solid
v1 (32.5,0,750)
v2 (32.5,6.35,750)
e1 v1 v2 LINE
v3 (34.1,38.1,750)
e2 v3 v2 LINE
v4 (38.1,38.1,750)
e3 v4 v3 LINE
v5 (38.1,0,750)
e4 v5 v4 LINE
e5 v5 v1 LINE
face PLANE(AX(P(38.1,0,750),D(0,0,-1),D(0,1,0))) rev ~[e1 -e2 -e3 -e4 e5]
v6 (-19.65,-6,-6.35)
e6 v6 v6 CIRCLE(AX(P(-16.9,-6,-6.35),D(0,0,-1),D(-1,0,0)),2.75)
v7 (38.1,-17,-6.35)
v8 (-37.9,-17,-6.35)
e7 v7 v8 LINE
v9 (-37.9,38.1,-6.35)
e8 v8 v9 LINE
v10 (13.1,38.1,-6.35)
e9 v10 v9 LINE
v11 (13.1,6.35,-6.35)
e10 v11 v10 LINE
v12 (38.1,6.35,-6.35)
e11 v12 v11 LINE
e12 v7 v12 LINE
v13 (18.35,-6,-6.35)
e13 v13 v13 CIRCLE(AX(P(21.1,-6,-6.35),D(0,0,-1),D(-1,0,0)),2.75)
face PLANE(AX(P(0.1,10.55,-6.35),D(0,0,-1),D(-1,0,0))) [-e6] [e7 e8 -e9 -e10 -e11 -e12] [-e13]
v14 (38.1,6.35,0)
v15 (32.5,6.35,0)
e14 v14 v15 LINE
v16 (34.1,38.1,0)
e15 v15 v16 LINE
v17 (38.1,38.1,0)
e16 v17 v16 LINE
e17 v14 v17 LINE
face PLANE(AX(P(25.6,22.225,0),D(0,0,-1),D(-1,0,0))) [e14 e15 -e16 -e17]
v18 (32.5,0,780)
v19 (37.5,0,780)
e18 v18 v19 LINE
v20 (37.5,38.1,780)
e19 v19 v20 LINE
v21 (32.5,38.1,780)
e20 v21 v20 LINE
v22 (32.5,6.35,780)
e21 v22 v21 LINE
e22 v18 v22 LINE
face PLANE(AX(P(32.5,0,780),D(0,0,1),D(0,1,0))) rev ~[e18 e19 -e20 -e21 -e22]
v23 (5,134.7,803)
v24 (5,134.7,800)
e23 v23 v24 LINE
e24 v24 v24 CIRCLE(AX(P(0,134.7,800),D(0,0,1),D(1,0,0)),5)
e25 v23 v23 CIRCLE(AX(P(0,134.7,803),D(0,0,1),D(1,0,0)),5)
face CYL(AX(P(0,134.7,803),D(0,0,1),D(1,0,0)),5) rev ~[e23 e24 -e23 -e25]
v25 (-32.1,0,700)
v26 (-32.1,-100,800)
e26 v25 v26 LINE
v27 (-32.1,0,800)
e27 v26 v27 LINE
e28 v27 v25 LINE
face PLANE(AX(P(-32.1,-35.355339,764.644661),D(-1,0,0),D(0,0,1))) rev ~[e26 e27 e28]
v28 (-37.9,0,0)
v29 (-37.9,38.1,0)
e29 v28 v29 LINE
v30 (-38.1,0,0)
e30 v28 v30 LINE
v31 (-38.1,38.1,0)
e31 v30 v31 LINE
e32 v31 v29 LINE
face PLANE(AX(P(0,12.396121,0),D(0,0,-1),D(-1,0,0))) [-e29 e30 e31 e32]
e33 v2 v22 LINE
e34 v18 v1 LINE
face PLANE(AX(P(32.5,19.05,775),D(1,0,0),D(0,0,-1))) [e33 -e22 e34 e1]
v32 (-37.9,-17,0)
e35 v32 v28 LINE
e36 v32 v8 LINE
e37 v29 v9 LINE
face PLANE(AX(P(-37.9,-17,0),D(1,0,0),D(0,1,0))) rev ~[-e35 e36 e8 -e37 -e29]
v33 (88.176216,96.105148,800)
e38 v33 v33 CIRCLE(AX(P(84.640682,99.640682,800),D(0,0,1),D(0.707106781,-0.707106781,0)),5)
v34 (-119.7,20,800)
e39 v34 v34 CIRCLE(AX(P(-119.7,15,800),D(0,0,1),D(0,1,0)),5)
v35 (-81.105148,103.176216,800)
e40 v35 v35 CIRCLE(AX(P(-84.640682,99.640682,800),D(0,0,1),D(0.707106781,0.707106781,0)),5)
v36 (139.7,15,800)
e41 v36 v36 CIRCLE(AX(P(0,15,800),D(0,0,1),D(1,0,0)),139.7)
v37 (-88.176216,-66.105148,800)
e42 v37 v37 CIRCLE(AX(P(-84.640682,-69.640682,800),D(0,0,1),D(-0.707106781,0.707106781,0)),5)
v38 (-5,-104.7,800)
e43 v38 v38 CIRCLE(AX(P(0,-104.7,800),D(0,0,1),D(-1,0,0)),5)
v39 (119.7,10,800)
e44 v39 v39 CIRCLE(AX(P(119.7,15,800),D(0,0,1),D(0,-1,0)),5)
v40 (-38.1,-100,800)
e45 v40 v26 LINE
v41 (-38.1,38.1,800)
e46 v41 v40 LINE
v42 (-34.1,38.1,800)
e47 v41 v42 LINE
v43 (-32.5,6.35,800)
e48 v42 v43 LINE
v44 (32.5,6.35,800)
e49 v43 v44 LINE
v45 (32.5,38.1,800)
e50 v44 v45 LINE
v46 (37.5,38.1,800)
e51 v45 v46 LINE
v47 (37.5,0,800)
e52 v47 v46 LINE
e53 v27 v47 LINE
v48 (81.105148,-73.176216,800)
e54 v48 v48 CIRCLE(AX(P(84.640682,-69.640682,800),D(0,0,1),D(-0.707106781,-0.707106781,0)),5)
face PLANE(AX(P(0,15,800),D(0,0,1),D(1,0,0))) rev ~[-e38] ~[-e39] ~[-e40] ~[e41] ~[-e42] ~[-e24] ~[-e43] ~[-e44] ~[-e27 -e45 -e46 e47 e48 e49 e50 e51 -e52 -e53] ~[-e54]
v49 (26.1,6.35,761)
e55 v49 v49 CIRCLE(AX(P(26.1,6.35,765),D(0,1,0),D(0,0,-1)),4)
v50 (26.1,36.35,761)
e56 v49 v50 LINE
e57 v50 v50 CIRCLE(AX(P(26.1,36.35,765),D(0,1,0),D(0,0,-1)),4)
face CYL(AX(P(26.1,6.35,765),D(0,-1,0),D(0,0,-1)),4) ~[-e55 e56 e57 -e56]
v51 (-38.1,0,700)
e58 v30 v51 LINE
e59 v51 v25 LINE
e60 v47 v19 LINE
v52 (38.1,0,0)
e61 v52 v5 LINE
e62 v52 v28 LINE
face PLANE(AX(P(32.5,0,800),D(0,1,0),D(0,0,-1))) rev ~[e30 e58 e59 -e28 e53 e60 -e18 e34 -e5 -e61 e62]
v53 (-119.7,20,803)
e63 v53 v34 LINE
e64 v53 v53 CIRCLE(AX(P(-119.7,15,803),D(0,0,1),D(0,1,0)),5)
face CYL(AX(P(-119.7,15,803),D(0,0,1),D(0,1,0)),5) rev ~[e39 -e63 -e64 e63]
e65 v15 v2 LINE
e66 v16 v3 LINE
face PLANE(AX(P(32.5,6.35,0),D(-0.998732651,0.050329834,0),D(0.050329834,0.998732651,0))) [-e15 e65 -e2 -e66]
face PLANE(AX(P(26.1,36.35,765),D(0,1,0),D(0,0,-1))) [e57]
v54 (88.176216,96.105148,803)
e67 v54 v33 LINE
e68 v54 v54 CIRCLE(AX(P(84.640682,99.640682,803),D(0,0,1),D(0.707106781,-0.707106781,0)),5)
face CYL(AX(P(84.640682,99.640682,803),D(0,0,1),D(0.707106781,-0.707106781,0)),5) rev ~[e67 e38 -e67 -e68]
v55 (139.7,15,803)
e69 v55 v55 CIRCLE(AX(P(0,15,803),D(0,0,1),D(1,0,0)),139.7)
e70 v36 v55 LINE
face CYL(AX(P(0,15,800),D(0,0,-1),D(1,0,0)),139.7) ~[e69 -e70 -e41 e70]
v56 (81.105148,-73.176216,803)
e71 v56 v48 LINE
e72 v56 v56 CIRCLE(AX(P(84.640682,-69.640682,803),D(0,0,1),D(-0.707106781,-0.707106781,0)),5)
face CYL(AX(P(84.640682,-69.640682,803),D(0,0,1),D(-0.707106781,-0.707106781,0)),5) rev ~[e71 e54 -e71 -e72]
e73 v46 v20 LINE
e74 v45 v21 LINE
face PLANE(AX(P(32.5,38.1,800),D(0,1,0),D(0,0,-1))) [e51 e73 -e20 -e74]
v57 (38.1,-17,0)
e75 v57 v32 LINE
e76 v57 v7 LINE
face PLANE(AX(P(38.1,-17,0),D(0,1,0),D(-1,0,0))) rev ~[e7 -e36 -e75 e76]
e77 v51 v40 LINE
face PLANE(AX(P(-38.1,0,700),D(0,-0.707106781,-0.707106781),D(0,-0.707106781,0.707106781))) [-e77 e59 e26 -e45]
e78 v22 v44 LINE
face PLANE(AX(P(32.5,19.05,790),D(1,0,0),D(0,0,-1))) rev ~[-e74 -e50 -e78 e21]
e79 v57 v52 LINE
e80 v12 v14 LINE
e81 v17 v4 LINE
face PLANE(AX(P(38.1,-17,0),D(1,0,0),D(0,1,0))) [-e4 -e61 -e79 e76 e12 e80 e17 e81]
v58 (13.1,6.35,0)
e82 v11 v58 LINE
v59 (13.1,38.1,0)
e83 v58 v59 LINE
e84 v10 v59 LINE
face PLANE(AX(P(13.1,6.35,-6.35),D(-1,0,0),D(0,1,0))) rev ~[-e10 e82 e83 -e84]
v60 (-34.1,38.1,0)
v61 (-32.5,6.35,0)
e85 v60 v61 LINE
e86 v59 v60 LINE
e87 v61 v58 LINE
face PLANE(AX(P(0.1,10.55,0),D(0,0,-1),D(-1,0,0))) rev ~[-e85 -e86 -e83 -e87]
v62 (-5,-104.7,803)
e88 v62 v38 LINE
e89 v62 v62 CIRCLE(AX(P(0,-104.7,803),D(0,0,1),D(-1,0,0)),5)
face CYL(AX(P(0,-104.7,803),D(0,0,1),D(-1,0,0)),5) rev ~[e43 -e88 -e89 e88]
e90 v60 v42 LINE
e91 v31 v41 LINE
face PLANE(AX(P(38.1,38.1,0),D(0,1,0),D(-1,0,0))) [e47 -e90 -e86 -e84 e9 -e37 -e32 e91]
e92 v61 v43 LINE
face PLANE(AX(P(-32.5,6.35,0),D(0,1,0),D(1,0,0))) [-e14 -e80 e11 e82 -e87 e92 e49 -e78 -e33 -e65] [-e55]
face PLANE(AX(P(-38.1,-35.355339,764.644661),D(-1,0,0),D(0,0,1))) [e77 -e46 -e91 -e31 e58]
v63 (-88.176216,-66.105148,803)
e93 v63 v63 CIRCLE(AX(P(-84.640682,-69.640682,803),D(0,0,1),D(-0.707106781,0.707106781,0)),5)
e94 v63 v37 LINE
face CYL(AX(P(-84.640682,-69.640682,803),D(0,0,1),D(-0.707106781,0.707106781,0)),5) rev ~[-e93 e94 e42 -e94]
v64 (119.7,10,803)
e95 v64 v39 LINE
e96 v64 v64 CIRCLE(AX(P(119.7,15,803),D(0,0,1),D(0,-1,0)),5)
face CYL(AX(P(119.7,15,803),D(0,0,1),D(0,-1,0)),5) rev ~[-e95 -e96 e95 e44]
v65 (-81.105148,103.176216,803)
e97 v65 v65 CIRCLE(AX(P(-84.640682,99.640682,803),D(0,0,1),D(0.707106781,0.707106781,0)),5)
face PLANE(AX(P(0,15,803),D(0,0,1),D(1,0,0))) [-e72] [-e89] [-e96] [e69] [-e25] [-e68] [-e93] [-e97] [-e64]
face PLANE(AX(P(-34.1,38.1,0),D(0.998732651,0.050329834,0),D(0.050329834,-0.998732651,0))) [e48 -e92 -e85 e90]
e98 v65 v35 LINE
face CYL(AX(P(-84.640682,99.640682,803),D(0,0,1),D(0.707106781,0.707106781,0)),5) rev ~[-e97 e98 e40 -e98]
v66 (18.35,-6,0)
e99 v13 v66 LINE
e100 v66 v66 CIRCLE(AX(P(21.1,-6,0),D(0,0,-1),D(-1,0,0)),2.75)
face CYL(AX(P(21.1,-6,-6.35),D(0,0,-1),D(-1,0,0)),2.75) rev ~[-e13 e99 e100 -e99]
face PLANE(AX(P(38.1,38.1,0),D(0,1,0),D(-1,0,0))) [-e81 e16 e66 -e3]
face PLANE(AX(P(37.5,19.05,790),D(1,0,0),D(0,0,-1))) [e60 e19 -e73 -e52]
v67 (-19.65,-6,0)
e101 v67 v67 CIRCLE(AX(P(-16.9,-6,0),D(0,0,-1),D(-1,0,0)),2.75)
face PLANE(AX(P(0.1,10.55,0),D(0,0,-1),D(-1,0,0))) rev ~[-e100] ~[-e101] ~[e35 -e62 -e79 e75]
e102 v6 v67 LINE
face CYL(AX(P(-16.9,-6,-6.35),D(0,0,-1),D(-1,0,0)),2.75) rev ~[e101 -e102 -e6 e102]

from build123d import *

# Parameters (mm, degrees)
BOSS_EXTRUDE1_DEPTH = 800
SKETCH4_W           = 50
SKETCH4_H           = 38.1
CUT_EXTRUDE2_DEPTH  = 5.6
SKETCH5_R           = 4
BOSS_EXTRUDE2_DEPTH = 30
SKETCH6_W           = 20
SKETCH6_H           = 38.1
BOSS_EXTRUDE3_DEPTH = 5
SKETCH7_W           = 76
SKETCH7_H           = 55.1
BOSS_EXTRUDE4_DEPTH = 6.35
SKETCH8_R           = 139.7
BOSS_EXTRUDE5_DEPTH = 3
SKETCH9_W           = 25
SKETCH9_H           = 31.75
CUT_EXTRUDE3_DEPTH  = 6.35
SKETCH10_R          = 2.75
CUT_EXTRUDE4_DEPTH  = 6.35
CUT_EXTRUDE5_REACH  = 837.76
SKETCH11_R          = 5
CIRPATTERN1_COUNT   = 8
BOSS_EXTRUDE6_DEPTH = 6


with BuildPart() as part:
    # Sketch1 → Boss-Extrude1 (new body)
    with BuildSketch(Plane.XY):
        Polygon((38.1, 0), (-38.1, 0), (-38.1, 38.1), (-34.1, 38.1), (-32.5, 6.35), (32.5, 6.35), (34.1, 38.1), (38.1, 38.1), align=None)
    extrude(amount=BOSS_EXTRUDE1_DEPTH)

    # Sketch4 → Cut-Extrude2 (cut)
    with BuildSketch(Plane(origin=(38.1, 0, 0), x_dir=(0, 0, -1), z_dir=(1, 0, 0))):
        with Locations((-775, 19.05)):
            Rectangle(SKETCH4_W, SKETCH4_H)
    extrude(amount=-CUT_EXTRUDE2_DEPTH, mode=Mode.SUBTRACT)

    # Sketch5 → Boss-Extrude2 (add)
    with BuildSketch(Plane(origin=(0, 6.35, 0), x_dir=(1, 0, 0), z_dir=(0, 1, 0))):
        with Locations(Location((26.1, -765, 0), (0, 0, 90))):
            Circle(SKETCH5_R)
    extrude(amount=BOSS_EXTRUDE2_DEPTH)

    # Sketch6 → Boss-Extrude3 (add)
    with BuildSketch(Plane(origin=(32.5, 0, 0), x_dir=(0, 0, -1), z_dir=(1, 0, 0))):
        with Locations((-790, 19.05)):
            Rectangle(SKETCH6_W, SKETCH6_H)
    extrude(amount=BOSS_EXTRUDE3_DEPTH)

    # Sketch7 → Boss-Extrude4 (add)
    with BuildSketch(Plane(origin=(0, 0, 0), x_dir=(-1, 0, 0), z_dir=(0, 0, -1))):
        with Locations((-0.1, 10.55)):
            Rectangle(SKETCH7_W, SKETCH7_H)
    extrude(amount=BOSS_EXTRUDE4_DEPTH)

    # Sketch8 → Boss-Extrude5 (add)
    with BuildSketch(Plane.XY.offset(800)):
        with Locations((0, 15)):
            Circle(SKETCH8_R)
    extrude(amount=BOSS_EXTRUDE5_DEPTH)

    # Sketch9 → Cut-Extrude3 (cut)
    with BuildSketch(Plane(origin=(0, 0, -6.35), x_dir=(-1, 0, 0), z_dir=(0, 0, -1))):
        with Locations((-25.6, 22.225)):
            Rectangle(SKETCH9_W, SKETCH9_H)
    extrude(amount=-CUT_EXTRUDE3_DEPTH, mode=Mode.SUBTRACT)

    # Sketch10 → Cut-Extrude4 (cut)
    with BuildSketch(Plane(origin=(0, 0, -6.35), x_dir=(-1, 0, 0), z_dir=(0, 0, -1))):
        with Locations((-21.1, -6)):
            Circle(SKETCH10_R)
        with Locations((16.9, -6)):
            Circle(SKETCH10_R)
    extrude(amount=-CUT_EXTRUDE4_DEPTH, mode=Mode.SUBTRACT)

    # Sketch11 → Cut-Extrude5 (cut, up to next)
    with BuildSketch(Plane.XY.offset(803), mode=Mode.PRIVATE) as cut_extrude5_sk1:
        with Locations((0, 134.7)):
            Circle(SKETCH11_R)
    cut_extrude5_tool1 = extrude(cut_extrude5_sk1.sketch, amount=-CUT_EXTRUDE5_REACH, mode=Mode.PRIVATE) & part.part
    cut_extrude5 = cut_extrude5_tool1.solids().sort_by_distance((0, 134.7, 803))[0]
    add(cut_extrude5, mode=Mode.SUBTRACT)

    # CirPattern1: Cut-Extrude5 ×8 about axis
    cirpattern1_axis = Axis((0, 15, 0), (0, 0, 1))
    for i in range(1, CIRPATTERN1_COUNT):
        add(cut_extrude5.rotate(cirpattern1_axis, i * 360 / CIRPATTERN1_COUNT), mode=Mode.SUBTRACT)

    # Sketch12 → Boss-Extrude6 (add)
    with BuildSketch(Plane.ZY.offset(38.1)):
        Polygon((700, 0), (800, -100), (800, 0), align=None)
    extrude(amount=-BOSS_EXTRUDE6_DEPTH)


solid = part.part
